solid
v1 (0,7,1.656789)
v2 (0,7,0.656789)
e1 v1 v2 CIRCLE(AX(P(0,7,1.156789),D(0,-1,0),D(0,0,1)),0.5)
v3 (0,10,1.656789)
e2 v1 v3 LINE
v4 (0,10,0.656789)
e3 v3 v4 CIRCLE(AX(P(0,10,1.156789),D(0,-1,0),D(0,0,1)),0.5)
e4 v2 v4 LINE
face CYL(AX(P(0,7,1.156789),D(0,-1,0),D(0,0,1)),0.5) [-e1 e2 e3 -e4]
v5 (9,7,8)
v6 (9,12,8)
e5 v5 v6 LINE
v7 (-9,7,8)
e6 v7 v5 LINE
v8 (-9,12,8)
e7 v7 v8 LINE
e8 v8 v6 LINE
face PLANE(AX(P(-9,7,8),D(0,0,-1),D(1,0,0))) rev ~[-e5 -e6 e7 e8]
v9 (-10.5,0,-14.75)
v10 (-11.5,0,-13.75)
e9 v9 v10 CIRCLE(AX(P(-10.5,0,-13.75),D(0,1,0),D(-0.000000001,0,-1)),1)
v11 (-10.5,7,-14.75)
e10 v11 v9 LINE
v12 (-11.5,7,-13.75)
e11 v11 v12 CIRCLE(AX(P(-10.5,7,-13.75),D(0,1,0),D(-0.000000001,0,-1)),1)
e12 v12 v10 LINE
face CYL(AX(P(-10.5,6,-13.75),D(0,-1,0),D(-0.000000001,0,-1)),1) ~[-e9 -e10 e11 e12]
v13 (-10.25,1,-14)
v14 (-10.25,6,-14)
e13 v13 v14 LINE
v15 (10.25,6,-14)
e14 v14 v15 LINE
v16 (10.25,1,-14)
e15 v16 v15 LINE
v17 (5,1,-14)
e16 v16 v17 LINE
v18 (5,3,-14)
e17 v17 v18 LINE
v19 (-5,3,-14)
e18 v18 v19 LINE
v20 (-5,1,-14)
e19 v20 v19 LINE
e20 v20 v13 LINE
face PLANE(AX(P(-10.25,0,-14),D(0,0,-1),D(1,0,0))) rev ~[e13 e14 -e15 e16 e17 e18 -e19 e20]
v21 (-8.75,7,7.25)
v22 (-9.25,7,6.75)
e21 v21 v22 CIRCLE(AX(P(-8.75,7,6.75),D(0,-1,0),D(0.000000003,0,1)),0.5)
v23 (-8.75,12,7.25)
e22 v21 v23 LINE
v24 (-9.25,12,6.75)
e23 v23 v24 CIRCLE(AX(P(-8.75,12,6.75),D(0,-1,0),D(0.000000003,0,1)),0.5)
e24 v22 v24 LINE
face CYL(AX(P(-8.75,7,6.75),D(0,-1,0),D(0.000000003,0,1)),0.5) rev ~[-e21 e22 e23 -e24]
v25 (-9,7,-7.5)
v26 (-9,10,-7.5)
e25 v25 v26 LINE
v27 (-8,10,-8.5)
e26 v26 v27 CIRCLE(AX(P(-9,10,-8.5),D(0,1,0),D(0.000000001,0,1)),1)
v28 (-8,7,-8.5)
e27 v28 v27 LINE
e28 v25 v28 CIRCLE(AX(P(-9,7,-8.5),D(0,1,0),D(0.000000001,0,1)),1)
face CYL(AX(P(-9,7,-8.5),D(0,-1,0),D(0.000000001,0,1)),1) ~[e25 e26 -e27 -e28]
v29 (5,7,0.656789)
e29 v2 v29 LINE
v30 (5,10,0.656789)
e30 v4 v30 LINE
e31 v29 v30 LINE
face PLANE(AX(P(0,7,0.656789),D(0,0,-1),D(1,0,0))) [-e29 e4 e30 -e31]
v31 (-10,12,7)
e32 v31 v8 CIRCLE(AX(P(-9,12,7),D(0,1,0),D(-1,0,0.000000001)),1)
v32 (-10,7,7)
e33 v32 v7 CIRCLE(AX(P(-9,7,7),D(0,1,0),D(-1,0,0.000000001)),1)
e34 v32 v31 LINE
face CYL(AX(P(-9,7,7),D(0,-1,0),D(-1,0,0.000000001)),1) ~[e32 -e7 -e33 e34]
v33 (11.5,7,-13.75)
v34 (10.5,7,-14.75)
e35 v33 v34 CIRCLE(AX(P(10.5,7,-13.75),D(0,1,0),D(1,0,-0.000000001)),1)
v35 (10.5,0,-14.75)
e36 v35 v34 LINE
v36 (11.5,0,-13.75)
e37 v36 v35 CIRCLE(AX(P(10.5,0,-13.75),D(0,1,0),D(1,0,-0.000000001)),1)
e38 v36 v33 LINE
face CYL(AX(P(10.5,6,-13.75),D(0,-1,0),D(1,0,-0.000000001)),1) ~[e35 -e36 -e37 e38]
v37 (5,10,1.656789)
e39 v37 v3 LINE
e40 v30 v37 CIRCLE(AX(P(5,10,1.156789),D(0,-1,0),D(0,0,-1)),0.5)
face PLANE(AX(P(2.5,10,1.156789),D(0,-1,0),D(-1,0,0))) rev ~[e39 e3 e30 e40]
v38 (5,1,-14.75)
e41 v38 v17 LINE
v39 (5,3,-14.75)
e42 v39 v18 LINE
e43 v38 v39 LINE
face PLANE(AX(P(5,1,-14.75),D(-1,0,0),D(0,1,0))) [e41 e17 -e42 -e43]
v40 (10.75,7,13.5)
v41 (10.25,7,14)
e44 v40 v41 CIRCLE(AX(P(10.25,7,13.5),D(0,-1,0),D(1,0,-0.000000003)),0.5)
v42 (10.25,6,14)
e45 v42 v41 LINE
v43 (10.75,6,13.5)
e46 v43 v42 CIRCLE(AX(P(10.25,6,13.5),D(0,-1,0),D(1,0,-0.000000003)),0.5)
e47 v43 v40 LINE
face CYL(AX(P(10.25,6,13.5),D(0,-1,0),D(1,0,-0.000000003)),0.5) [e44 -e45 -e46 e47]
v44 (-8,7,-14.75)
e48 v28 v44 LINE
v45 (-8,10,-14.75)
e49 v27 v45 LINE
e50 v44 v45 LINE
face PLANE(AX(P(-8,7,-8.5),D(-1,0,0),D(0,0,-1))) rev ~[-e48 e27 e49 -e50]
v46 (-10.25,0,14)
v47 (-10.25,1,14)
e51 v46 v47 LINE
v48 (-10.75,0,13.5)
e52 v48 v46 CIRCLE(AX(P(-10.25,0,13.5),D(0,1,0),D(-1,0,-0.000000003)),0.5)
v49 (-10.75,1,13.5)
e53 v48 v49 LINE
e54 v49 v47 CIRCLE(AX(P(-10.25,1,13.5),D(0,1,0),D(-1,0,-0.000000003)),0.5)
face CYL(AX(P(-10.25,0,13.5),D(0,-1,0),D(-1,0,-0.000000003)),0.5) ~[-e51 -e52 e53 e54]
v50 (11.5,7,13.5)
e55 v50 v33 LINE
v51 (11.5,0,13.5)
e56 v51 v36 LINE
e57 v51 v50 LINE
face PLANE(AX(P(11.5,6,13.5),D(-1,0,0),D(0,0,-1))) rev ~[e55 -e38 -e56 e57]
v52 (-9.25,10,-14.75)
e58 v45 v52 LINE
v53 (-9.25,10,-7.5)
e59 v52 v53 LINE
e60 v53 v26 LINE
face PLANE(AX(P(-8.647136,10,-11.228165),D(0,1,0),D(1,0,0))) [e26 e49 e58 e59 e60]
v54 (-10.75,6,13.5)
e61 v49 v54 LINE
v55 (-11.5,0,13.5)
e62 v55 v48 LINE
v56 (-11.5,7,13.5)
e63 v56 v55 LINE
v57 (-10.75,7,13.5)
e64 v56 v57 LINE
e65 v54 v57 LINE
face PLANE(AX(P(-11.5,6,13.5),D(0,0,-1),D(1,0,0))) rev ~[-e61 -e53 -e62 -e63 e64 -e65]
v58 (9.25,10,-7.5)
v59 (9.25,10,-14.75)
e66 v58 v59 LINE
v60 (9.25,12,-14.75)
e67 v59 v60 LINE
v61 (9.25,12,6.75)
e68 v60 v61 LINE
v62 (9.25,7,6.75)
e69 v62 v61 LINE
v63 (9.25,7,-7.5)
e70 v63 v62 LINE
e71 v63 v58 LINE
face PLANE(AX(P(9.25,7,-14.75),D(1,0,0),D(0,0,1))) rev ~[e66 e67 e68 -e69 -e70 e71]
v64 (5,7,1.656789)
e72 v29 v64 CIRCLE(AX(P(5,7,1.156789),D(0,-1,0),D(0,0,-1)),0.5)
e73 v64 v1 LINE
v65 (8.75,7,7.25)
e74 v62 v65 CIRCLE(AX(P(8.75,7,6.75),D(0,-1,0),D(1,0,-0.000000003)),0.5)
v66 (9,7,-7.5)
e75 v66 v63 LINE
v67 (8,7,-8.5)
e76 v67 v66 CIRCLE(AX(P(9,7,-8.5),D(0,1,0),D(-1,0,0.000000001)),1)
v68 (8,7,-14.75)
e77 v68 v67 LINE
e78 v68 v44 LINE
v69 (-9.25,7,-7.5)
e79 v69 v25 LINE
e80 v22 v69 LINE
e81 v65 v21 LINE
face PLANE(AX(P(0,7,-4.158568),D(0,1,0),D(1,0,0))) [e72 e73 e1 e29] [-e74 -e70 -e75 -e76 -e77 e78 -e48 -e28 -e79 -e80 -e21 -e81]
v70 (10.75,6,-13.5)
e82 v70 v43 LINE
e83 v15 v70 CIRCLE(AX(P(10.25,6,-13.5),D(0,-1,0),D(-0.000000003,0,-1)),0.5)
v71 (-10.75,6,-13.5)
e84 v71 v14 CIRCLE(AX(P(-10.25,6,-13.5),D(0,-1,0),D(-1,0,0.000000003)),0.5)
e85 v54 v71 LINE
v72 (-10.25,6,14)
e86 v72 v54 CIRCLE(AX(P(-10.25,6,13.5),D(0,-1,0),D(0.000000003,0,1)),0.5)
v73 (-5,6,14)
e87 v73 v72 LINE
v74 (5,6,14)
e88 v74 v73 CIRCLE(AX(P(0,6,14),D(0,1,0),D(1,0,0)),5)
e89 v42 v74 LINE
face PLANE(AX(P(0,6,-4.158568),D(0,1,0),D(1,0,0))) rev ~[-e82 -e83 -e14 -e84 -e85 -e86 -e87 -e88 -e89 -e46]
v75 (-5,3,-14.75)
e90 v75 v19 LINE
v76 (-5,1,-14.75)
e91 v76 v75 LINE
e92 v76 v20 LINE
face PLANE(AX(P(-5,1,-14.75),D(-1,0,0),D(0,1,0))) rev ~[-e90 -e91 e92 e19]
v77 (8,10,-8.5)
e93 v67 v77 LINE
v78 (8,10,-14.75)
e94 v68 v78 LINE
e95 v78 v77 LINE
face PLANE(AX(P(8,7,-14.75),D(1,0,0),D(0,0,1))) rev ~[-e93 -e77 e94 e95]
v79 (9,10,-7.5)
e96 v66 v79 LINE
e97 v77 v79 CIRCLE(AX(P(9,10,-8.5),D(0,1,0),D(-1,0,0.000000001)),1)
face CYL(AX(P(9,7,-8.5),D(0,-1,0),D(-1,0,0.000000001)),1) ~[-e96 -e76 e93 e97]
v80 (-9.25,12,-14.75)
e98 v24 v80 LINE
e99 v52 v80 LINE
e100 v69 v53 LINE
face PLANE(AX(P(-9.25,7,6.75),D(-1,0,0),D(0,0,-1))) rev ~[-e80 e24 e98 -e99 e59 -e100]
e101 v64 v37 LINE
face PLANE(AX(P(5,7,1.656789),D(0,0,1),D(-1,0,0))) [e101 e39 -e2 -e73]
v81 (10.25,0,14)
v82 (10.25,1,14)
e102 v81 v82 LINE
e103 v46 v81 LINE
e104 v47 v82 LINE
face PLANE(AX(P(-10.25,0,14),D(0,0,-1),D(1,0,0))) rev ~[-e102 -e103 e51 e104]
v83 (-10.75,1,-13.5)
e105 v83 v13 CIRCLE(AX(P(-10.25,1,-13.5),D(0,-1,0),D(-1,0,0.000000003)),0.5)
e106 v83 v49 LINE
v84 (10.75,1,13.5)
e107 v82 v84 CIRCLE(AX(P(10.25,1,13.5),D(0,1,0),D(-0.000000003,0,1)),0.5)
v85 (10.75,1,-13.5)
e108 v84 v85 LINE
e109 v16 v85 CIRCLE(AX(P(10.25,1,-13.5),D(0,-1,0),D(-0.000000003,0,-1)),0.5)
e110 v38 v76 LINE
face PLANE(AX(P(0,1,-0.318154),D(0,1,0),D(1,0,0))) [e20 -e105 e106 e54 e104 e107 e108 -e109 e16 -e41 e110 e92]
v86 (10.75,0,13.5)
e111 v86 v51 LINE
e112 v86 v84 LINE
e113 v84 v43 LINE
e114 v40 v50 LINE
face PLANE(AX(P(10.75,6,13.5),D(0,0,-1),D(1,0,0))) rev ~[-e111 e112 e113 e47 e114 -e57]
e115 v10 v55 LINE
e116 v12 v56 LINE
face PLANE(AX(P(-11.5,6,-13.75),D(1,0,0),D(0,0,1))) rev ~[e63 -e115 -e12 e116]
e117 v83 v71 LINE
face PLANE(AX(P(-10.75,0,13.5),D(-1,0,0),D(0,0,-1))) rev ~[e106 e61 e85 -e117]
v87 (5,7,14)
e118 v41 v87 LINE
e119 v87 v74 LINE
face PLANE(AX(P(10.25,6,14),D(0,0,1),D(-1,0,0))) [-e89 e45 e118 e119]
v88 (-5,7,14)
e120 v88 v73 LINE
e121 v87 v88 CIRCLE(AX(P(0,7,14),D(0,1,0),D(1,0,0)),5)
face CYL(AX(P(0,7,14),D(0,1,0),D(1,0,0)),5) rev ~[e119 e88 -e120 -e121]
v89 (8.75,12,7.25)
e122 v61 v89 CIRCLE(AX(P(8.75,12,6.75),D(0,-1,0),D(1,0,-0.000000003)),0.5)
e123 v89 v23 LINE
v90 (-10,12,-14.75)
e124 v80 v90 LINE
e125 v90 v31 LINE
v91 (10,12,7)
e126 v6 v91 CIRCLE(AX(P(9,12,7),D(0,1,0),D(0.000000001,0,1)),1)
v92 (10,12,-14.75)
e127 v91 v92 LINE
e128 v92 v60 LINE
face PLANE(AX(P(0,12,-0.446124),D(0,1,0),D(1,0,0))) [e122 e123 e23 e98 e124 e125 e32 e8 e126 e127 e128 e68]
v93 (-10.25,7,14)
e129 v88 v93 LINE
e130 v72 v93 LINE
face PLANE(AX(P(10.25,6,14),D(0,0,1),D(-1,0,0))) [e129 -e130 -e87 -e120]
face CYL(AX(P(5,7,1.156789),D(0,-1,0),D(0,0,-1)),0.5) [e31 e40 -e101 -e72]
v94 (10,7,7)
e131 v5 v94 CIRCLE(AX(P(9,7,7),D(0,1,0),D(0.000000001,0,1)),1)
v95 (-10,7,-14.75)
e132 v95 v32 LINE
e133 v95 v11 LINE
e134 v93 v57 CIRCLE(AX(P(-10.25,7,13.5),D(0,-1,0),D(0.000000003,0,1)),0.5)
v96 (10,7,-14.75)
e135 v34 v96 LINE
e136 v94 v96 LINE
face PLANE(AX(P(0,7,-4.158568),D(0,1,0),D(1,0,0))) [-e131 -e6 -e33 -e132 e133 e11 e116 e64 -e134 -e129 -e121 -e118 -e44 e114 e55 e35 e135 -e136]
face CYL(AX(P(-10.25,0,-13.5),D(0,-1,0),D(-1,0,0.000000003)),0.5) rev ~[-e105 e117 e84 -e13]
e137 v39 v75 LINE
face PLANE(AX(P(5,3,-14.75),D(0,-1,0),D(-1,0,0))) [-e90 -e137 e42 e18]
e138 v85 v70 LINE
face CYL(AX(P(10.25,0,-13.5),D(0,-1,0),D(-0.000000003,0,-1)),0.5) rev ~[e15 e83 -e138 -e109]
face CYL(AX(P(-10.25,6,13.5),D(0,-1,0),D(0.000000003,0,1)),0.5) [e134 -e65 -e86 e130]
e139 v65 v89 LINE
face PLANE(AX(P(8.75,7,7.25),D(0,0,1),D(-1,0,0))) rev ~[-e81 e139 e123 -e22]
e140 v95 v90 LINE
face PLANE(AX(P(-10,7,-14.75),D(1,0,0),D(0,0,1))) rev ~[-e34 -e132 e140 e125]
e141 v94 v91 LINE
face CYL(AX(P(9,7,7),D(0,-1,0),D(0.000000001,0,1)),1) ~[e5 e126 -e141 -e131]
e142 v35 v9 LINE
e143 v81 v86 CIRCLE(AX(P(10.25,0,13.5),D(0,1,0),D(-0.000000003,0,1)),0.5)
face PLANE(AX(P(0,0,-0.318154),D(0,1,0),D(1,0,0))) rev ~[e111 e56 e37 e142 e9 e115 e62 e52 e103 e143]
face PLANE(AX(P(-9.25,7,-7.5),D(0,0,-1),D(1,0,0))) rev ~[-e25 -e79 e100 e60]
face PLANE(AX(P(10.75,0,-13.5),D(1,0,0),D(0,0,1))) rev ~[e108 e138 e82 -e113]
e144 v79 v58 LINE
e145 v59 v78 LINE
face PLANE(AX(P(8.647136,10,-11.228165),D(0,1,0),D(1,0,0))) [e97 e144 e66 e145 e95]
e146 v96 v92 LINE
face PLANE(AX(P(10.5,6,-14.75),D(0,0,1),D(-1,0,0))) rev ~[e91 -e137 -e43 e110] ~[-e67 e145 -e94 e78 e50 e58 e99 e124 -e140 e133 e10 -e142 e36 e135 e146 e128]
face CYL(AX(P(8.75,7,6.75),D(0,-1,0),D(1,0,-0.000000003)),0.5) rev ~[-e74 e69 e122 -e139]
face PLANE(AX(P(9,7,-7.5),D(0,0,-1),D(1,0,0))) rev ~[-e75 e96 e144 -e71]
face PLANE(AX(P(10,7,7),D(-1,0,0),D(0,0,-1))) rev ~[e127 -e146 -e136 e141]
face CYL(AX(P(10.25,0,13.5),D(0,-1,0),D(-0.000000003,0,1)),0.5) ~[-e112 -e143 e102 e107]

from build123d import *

# Parameters (mm, degrees)
BOSS_EXTRUDE23_DEPTH = 1
BOSS_EXTRUDE27_DEPTH = 6
BOSS_EXTRUDE28_START = 6
BOSS_EXTRUDE28_DEPTH = 1
CUT_EXTRUDE9_DEPTH   = 1
SKETCH15_W           = 10
SKETCH15_H           = 2
CUT_EXTRUDE11_DEPTH  = 10
BOSS_EXTRUDE30_DEPTH = 5
BOSS_EXTRUDE31_DEPTH = 3


with BuildPart() as part:
    # Sketch10 → Boss-Extrude23 (new body)
    with BuildSketch(Plane(origin=(0, 0, 0), x_dir=(1, 0, 0), z_dir=(0, 1, 0))):
        with BuildLine():
            Line((-11.5, -13.5), (-10.75, -13.5))
            ThreePointArc((-10.75, -13.5), (-10.603553391, -13.853553391), (-10.25, -14))
            Line((-10.25, -14), (10.25, -14))
            ThreePointArc((10.25, -14), (10.603553391, -13.853553391), (10.75, -13.5))
            Line((10.75, -13.5), (11.5, -13.5))
            Line((11.5, -13.5), (11.5, 13.75))
            ThreePointArc((11.5, 13.75), (11.207106781, 14.457106781), (10.5, 14.75))
            Line((10.5, 14.75), (-10.5, 14.75))
            ThreePointArc((-10.5, 14.75), (-11.207106781, 14.457106781), (-11.5, 13.75))
            Line((-11.5, 13.75), (-11.5, -13.5))
        make_face()
    extrude(amount=BOSS_EXTRUDE23_DEPTH)

    # Sketch10<6> → Boss-Extrude27 (add)
    with BuildSketch(Plane(origin=(0, 0, 0), x_dir=(1, 0, 0), z_dir=(0, 1, 0))):
        with BuildLine():
            Line((-11.5, -13.5), (-10.75, -13.5))
            Line((-10.75, -13.5), (-10.75, 13.5))
            ThreePointArc((-10.75, 13.5), (-10.603553391, 13.853553391), (-10.25, 14))
            Line((-10.25, 14), (10.25, 14))
            ThreePointArc((10.25, 14), (10.603553391, 13.853553391), (10.75, 13.5))
            Line((10.75, 13.5), (10.75, -13.5))
            Line((10.75, -13.5), (11.5, -13.5))
            Line((11.5, -13.5), (11.5, 13.75))
            ThreePointArc((11.5, 13.75), (11.207106781, 14.457106781), (10.5, 14.75))
            Line((10.5, 14.75), (4.75, 14.75))
            Line((4.75, 14.75), (-4.75, 14.75))
            Line((-4.75, 14.75), (-10.5, 14.75))
            ThreePointArc((-10.5, 14.75), (-11.207106781, 14.457106781), (-11.5, 13.75))
            Line((-11.5, 13.75), (-11.5, -13.5))
        make_face()
    extrude(amount=BOSS_EXTRUDE27_DEPTH)

    # Sketch10<7> → Boss-Extrude28 (add)
    with BuildSketch(Plane(origin=(0, 0, 0), x_dir=(1, 0, 0), z_dir=(0, 1, 0)).offset(BOSS_EXTRUDE28_START)):
        with BuildLine():
            Line((-11.5, -13.5), (-10.75, -13.5))
            ThreePointArc((-10.75, -13.5), (-10.603553391, -13.853553391), (-10.25, -14))
            Line((-10.25, -14), (10.25, -14))
            ThreePointArc((10.25, -14), (10.603553391, -13.853553391), (10.75, -13.5))
            Line((10.75, -13.5), (11.5, -13.5))
            Line((11.5, -13.5), (11.5, 13.75))
            ThreePointArc((11.5, 13.75), (11.207106781, 14.457106781), (10.5, 14.75))
            Line((10.5, 14.75), (-10.5, 14.75))
            ThreePointArc((-10.5, 14.75), (-11.207106781, 14.457106781), (-11.5, 13.75))
            Line((-11.5, 13.75), (-11.5, -13.5))
        make_face()
    extrude(amount=BOSS_EXTRUDE28_DEPTH)

    # Sketch13 → Cut-Extrude9 (cut)
    with BuildSketch(Plane(origin=(0, 7, 0), x_dir=(1, 0, 0), z_dir=(0, 1, 0))):
        with BuildLine():
            Line((-5, -14), (5, -14))
            ThreePointArc((5, -14), (0, -9), (-5, -14))
        make_face()
    extrude(amount=-CUT_EXTRUDE9_DEPTH, mode=Mode.SUBTRACT)

    # Sketch15 → Cut-Extrude11 (cut)
    with BuildSketch(Plane(origin=(0, 0, -14.75), x_dir=(-1, 0, 0), z_dir=(0, 0, -1))):
        with Locations((0, 2)):
            Rectangle(SKETCH15_W, SKETCH15_H)
    extrude(amount=-CUT_EXTRUDE11_DEPTH, mode=Mode.SUBTRACT)

    # Sketch17 → Boss-Extrude30 (add)
    with BuildSketch(Plane(origin=(0, 7, 0), x_dir=(1, 0, 0), z_dir=(0, 1, 0))):
        with BuildLine():
            Line((-9.25, -6.75), (-9.25, 14.75))
            Line((-9.25, 14.75), (-10, 14.75))
            Line((-10, 14.75), (-10, -7))
            ThreePointArc((-10, -7), (-9.707106781, -7.707106781), (-9, -8))
            Line((-9, -8), (9, -8))
            ThreePointArc((9, -8), (9.707106781, -7.707106781), (10, -7))
            Line((10, -7), (10, 14.75))
            Line((10, 14.75), (9.25, 14.75))
            Line((9.25, 14.75), (9.25, -6.75))
            ThreePointArc((9.25, -6.75), (9.103553391, -7.103553391), (8.75, -7.25))
            Line((8.75, -7.25), (-8.75, -7.25))
            ThreePointArc((-8.75, -7.25), (-9.103553391, -7.103553391), (-9.25, -6.75))
        make_face()
    extrude(amount=BOSS_EXTRUDE30_DEPTH)

    # Sketch18 → Boss-Extrude31 (add)
    with BuildSketch(Plane(origin=(0, 7, 0), x_dir=(1, 0, 0), z_dir=(0, 1, 0))):
        with BuildLine():
            ThreePointArc((8, 8.5), (8.292893219, 7.792893219), (9, 7.5))
            Line((9, 7.5), (9.25, 7.5))
            Line((9.25, 7.5), (9.25, 14.75))
            Line((9.25, 14.75), (8, 14.75))
            Line((8, 14.75), (8, 8.5))
        make_face()
        with BuildLine():
            Line((-8, 8.5), (-8, 14.75))
            Line((-8, 14.75), (-9.25, 14.75))
            Line((-9.25, 14.75), (-9.25, 7.5))
            Line((-9.25, 7.5), (-9, 7.5))
            ThreePointArc((-9, 7.5), (-8.292893219, 7.792893219), (-8, 8.5))
        make_face()
        with BuildLine():
            Line((0, -1.656788855), (5, -1.656788855))
            ThreePointArc((5, -1.656788855), (5.5, -1.156788855), (5, -0.656788855))
            Line((5, -0.656788855), (0, -0.656788855))
            ThreePointArc((0, -0.656788855), (-0.5, -1.156788855), (0, -1.656788855))
        make_face()
    extrude(amount=BOSS_EXTRUDE31_DEPTH)


solid = part.part
